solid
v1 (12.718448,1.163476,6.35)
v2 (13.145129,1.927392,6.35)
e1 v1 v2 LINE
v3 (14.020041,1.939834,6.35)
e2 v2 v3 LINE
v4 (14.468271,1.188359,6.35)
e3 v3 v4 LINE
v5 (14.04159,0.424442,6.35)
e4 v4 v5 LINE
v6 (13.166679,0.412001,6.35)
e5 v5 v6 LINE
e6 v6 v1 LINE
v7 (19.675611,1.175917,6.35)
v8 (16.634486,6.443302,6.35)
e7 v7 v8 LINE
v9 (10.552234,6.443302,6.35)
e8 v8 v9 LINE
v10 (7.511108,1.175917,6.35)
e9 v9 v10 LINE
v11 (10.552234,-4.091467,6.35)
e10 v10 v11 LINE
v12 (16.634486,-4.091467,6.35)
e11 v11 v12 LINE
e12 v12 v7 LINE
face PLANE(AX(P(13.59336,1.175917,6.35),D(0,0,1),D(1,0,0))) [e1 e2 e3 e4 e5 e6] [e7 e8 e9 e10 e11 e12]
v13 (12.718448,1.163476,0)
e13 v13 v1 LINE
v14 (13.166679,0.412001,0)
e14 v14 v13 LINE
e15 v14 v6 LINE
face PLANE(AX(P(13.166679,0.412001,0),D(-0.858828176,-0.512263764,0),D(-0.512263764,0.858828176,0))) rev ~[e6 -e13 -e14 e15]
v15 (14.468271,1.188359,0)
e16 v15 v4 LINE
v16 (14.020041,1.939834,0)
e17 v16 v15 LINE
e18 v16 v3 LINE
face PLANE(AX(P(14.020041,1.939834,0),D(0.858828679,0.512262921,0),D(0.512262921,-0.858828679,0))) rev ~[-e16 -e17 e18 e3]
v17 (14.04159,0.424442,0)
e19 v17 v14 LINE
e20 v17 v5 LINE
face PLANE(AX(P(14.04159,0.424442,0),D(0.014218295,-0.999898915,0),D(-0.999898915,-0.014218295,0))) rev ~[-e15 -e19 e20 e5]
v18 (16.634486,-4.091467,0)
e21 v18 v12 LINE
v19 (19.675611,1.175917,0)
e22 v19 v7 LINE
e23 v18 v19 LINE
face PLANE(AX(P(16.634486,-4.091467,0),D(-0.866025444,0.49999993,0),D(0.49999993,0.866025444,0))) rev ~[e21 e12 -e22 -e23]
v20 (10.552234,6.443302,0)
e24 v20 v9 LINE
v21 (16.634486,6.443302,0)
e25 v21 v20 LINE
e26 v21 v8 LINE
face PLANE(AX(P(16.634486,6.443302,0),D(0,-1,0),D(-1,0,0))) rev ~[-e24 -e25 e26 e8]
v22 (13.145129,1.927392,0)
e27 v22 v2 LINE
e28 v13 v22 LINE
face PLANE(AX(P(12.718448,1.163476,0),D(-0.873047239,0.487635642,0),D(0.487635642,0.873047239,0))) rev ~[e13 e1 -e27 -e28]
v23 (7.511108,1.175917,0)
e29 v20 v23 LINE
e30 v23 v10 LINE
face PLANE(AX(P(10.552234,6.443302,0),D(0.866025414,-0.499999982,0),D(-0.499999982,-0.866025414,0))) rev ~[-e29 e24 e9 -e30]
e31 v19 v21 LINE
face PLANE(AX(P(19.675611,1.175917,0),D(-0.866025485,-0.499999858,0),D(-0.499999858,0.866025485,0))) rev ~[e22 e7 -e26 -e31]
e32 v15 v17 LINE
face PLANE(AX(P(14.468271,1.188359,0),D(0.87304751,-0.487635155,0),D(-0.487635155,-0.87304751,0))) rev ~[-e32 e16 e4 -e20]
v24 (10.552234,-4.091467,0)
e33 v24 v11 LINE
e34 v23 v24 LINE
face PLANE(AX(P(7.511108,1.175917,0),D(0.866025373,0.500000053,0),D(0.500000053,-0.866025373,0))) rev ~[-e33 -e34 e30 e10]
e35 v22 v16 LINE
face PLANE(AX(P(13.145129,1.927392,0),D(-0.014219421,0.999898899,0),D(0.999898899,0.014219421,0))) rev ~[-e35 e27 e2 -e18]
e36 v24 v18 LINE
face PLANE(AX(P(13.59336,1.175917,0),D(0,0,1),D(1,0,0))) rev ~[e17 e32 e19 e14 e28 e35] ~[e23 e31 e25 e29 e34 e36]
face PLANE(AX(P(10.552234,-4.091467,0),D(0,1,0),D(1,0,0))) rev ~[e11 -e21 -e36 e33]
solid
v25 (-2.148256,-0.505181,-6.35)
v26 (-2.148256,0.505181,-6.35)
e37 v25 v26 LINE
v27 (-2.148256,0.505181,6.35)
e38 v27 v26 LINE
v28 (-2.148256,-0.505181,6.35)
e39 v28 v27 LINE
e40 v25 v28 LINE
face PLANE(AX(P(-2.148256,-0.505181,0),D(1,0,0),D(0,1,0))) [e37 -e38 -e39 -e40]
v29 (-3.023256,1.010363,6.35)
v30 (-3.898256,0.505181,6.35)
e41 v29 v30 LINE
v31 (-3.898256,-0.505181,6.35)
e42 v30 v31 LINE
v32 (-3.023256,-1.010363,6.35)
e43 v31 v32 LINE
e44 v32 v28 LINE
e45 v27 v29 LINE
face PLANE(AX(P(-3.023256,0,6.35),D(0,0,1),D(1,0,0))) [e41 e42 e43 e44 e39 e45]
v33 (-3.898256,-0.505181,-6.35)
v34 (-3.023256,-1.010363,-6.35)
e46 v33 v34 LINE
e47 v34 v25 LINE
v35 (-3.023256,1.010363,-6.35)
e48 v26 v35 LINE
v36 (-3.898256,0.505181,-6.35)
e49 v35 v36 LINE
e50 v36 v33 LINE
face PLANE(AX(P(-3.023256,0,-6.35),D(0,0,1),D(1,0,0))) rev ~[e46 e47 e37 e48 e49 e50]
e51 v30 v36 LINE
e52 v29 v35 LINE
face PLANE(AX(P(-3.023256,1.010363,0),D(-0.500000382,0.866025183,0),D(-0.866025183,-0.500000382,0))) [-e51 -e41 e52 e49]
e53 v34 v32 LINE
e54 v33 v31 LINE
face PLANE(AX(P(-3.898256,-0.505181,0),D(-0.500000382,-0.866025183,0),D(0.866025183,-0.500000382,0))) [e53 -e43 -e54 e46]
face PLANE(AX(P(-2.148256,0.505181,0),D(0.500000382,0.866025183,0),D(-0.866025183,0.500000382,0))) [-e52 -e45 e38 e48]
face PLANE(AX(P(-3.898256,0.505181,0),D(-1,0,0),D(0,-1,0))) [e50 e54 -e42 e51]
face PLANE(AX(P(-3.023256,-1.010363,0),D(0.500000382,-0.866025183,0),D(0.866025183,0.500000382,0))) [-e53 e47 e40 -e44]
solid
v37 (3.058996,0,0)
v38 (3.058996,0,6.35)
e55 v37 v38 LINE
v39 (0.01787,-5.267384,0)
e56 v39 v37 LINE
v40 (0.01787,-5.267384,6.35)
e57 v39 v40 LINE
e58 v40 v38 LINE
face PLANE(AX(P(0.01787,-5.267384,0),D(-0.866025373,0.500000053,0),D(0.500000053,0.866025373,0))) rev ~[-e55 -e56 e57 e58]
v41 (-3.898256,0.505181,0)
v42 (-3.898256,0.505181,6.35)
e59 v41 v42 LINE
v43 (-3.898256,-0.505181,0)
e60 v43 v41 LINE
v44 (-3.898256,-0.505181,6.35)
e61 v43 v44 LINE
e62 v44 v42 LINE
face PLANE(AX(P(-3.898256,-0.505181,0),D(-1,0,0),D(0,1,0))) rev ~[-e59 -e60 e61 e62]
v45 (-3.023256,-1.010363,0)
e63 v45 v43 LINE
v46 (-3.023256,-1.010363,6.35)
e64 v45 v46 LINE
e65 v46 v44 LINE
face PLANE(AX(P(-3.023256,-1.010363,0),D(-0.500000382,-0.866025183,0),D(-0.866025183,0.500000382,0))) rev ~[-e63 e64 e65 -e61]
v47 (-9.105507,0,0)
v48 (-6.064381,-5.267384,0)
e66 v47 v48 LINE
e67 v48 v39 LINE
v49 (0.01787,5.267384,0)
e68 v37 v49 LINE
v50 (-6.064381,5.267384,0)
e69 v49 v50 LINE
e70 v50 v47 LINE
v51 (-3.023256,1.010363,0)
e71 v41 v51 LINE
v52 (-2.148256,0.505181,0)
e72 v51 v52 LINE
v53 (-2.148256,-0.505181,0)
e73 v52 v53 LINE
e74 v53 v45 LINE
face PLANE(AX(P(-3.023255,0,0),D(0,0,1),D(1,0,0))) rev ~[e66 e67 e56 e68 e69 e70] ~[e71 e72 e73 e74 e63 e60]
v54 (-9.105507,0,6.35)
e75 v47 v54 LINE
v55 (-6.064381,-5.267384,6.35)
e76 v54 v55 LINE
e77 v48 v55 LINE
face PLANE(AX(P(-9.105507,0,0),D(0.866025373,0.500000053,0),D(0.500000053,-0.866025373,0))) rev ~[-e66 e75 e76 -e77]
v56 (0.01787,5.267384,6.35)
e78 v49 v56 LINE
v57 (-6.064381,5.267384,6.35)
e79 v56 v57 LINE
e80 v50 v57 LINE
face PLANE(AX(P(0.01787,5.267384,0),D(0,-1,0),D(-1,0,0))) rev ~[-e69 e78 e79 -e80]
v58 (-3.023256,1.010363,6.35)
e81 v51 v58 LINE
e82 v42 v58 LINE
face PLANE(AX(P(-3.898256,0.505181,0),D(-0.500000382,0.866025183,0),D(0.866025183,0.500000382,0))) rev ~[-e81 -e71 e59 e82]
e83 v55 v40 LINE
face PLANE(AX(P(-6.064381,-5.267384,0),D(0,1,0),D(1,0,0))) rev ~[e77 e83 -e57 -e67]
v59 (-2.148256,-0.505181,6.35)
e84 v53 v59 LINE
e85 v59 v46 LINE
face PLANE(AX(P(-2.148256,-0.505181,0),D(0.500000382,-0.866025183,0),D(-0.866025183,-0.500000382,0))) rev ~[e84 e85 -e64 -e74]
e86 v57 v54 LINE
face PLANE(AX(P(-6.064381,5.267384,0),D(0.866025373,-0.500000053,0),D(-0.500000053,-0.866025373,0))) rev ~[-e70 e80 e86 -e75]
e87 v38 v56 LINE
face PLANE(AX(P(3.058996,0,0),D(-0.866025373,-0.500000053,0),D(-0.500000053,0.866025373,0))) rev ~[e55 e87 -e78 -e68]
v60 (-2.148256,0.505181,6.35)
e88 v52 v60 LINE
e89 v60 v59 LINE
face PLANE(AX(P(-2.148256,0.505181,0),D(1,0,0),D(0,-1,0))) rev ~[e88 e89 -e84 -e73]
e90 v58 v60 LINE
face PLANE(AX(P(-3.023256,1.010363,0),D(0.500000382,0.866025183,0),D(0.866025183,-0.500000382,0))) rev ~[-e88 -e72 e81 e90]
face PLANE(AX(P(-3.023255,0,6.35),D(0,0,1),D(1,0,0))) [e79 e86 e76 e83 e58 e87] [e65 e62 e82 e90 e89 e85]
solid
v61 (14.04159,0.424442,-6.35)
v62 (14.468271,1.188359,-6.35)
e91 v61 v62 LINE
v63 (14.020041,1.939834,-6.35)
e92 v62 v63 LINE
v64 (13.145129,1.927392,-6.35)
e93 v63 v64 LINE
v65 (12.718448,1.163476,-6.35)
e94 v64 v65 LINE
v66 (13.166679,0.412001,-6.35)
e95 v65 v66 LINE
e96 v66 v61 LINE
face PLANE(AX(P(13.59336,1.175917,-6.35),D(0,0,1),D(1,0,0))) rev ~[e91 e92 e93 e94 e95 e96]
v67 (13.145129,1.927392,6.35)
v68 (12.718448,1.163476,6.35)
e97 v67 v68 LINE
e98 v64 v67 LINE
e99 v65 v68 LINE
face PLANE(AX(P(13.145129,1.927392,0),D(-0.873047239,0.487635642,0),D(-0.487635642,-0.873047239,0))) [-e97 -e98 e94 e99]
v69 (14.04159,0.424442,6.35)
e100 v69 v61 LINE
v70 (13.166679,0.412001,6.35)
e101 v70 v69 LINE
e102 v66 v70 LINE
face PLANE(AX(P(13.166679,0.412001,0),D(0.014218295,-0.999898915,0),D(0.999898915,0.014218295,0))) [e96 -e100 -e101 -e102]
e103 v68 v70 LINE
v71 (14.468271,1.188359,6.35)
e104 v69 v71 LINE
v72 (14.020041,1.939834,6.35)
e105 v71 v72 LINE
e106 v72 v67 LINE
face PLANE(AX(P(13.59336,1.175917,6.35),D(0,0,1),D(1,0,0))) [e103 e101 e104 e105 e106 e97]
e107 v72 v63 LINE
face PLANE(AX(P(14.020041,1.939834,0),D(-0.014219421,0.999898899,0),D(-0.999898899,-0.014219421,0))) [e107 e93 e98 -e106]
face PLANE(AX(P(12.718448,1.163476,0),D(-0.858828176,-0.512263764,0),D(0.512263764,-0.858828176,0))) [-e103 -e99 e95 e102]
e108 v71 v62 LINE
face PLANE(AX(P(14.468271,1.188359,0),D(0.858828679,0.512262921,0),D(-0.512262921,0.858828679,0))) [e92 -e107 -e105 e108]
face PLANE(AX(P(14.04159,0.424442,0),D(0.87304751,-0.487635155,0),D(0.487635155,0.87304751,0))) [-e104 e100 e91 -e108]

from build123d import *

# Parameters (mm, degrees)
F1_DEPTH      = 6.35
F2_DEPTH      = 6.35
F2_DEPTH_BACK = 6.35


with BuildPart() as f1:
    # F0 (on Top) → F1 (new body)
    with BuildSketch(Plane.XY):
        Polygon((-6.064381, -5.267384), (0.01787, -5.267384), (3.058996, 0), (0.01787, 5.267384), (-6.064381, 5.267384), (-9.105507, 0), align=None)
        Polygon((-3.023256, -1.010363), (-3.898256, -0.505181), (-3.898256, 0.505181), (-3.023256, 1.010363), (-2.148256, 0.505181), (-2.148256, -0.505181), align=None, mode=Mode.SUBTRACT)
        Polygon((10.552234, -4.091467), (16.634486, -4.091467), (19.675611, 1.175917), (16.634486, 6.443302), (10.552234, 6.443302), (7.511108, 1.175917), align=None)
        Polygon((12.718448, 1.163476), (13.145129, 1.927392), (14.020041, 1.939834), (14.468271, 1.188359), (14.04159, 0.424442), (13.166679, 0.412001), align=None, mode=Mode.SUBTRACT)
    extrude(amount=F1_DEPTH)


with BuildPart() as f2:
    # F0 (on Top) → F2 (new body, two sides)
    with BuildSketch(Plane.XY) as f2_sk:
        Polygon((14.020041, 1.939834), (13.145129, 1.927392), (12.718448, 1.163476), (13.166679, 0.412001), (14.04159, 0.424442), (14.468271, 1.188359), align=None)
        Polygon((-3.898256, 0.505181), (-3.898256, -0.505181), (-3.023256, -1.010363), (-2.148256, -0.505181), (-2.148256, 0.505181), (-3.023256, 1.010363), align=None)
    extrude(amount=F2_DEPTH)
    extrude(f2_sk.sketch, amount=-F2_DEPTH_BACK)


solid = Compound([f1.part, f2.part])
